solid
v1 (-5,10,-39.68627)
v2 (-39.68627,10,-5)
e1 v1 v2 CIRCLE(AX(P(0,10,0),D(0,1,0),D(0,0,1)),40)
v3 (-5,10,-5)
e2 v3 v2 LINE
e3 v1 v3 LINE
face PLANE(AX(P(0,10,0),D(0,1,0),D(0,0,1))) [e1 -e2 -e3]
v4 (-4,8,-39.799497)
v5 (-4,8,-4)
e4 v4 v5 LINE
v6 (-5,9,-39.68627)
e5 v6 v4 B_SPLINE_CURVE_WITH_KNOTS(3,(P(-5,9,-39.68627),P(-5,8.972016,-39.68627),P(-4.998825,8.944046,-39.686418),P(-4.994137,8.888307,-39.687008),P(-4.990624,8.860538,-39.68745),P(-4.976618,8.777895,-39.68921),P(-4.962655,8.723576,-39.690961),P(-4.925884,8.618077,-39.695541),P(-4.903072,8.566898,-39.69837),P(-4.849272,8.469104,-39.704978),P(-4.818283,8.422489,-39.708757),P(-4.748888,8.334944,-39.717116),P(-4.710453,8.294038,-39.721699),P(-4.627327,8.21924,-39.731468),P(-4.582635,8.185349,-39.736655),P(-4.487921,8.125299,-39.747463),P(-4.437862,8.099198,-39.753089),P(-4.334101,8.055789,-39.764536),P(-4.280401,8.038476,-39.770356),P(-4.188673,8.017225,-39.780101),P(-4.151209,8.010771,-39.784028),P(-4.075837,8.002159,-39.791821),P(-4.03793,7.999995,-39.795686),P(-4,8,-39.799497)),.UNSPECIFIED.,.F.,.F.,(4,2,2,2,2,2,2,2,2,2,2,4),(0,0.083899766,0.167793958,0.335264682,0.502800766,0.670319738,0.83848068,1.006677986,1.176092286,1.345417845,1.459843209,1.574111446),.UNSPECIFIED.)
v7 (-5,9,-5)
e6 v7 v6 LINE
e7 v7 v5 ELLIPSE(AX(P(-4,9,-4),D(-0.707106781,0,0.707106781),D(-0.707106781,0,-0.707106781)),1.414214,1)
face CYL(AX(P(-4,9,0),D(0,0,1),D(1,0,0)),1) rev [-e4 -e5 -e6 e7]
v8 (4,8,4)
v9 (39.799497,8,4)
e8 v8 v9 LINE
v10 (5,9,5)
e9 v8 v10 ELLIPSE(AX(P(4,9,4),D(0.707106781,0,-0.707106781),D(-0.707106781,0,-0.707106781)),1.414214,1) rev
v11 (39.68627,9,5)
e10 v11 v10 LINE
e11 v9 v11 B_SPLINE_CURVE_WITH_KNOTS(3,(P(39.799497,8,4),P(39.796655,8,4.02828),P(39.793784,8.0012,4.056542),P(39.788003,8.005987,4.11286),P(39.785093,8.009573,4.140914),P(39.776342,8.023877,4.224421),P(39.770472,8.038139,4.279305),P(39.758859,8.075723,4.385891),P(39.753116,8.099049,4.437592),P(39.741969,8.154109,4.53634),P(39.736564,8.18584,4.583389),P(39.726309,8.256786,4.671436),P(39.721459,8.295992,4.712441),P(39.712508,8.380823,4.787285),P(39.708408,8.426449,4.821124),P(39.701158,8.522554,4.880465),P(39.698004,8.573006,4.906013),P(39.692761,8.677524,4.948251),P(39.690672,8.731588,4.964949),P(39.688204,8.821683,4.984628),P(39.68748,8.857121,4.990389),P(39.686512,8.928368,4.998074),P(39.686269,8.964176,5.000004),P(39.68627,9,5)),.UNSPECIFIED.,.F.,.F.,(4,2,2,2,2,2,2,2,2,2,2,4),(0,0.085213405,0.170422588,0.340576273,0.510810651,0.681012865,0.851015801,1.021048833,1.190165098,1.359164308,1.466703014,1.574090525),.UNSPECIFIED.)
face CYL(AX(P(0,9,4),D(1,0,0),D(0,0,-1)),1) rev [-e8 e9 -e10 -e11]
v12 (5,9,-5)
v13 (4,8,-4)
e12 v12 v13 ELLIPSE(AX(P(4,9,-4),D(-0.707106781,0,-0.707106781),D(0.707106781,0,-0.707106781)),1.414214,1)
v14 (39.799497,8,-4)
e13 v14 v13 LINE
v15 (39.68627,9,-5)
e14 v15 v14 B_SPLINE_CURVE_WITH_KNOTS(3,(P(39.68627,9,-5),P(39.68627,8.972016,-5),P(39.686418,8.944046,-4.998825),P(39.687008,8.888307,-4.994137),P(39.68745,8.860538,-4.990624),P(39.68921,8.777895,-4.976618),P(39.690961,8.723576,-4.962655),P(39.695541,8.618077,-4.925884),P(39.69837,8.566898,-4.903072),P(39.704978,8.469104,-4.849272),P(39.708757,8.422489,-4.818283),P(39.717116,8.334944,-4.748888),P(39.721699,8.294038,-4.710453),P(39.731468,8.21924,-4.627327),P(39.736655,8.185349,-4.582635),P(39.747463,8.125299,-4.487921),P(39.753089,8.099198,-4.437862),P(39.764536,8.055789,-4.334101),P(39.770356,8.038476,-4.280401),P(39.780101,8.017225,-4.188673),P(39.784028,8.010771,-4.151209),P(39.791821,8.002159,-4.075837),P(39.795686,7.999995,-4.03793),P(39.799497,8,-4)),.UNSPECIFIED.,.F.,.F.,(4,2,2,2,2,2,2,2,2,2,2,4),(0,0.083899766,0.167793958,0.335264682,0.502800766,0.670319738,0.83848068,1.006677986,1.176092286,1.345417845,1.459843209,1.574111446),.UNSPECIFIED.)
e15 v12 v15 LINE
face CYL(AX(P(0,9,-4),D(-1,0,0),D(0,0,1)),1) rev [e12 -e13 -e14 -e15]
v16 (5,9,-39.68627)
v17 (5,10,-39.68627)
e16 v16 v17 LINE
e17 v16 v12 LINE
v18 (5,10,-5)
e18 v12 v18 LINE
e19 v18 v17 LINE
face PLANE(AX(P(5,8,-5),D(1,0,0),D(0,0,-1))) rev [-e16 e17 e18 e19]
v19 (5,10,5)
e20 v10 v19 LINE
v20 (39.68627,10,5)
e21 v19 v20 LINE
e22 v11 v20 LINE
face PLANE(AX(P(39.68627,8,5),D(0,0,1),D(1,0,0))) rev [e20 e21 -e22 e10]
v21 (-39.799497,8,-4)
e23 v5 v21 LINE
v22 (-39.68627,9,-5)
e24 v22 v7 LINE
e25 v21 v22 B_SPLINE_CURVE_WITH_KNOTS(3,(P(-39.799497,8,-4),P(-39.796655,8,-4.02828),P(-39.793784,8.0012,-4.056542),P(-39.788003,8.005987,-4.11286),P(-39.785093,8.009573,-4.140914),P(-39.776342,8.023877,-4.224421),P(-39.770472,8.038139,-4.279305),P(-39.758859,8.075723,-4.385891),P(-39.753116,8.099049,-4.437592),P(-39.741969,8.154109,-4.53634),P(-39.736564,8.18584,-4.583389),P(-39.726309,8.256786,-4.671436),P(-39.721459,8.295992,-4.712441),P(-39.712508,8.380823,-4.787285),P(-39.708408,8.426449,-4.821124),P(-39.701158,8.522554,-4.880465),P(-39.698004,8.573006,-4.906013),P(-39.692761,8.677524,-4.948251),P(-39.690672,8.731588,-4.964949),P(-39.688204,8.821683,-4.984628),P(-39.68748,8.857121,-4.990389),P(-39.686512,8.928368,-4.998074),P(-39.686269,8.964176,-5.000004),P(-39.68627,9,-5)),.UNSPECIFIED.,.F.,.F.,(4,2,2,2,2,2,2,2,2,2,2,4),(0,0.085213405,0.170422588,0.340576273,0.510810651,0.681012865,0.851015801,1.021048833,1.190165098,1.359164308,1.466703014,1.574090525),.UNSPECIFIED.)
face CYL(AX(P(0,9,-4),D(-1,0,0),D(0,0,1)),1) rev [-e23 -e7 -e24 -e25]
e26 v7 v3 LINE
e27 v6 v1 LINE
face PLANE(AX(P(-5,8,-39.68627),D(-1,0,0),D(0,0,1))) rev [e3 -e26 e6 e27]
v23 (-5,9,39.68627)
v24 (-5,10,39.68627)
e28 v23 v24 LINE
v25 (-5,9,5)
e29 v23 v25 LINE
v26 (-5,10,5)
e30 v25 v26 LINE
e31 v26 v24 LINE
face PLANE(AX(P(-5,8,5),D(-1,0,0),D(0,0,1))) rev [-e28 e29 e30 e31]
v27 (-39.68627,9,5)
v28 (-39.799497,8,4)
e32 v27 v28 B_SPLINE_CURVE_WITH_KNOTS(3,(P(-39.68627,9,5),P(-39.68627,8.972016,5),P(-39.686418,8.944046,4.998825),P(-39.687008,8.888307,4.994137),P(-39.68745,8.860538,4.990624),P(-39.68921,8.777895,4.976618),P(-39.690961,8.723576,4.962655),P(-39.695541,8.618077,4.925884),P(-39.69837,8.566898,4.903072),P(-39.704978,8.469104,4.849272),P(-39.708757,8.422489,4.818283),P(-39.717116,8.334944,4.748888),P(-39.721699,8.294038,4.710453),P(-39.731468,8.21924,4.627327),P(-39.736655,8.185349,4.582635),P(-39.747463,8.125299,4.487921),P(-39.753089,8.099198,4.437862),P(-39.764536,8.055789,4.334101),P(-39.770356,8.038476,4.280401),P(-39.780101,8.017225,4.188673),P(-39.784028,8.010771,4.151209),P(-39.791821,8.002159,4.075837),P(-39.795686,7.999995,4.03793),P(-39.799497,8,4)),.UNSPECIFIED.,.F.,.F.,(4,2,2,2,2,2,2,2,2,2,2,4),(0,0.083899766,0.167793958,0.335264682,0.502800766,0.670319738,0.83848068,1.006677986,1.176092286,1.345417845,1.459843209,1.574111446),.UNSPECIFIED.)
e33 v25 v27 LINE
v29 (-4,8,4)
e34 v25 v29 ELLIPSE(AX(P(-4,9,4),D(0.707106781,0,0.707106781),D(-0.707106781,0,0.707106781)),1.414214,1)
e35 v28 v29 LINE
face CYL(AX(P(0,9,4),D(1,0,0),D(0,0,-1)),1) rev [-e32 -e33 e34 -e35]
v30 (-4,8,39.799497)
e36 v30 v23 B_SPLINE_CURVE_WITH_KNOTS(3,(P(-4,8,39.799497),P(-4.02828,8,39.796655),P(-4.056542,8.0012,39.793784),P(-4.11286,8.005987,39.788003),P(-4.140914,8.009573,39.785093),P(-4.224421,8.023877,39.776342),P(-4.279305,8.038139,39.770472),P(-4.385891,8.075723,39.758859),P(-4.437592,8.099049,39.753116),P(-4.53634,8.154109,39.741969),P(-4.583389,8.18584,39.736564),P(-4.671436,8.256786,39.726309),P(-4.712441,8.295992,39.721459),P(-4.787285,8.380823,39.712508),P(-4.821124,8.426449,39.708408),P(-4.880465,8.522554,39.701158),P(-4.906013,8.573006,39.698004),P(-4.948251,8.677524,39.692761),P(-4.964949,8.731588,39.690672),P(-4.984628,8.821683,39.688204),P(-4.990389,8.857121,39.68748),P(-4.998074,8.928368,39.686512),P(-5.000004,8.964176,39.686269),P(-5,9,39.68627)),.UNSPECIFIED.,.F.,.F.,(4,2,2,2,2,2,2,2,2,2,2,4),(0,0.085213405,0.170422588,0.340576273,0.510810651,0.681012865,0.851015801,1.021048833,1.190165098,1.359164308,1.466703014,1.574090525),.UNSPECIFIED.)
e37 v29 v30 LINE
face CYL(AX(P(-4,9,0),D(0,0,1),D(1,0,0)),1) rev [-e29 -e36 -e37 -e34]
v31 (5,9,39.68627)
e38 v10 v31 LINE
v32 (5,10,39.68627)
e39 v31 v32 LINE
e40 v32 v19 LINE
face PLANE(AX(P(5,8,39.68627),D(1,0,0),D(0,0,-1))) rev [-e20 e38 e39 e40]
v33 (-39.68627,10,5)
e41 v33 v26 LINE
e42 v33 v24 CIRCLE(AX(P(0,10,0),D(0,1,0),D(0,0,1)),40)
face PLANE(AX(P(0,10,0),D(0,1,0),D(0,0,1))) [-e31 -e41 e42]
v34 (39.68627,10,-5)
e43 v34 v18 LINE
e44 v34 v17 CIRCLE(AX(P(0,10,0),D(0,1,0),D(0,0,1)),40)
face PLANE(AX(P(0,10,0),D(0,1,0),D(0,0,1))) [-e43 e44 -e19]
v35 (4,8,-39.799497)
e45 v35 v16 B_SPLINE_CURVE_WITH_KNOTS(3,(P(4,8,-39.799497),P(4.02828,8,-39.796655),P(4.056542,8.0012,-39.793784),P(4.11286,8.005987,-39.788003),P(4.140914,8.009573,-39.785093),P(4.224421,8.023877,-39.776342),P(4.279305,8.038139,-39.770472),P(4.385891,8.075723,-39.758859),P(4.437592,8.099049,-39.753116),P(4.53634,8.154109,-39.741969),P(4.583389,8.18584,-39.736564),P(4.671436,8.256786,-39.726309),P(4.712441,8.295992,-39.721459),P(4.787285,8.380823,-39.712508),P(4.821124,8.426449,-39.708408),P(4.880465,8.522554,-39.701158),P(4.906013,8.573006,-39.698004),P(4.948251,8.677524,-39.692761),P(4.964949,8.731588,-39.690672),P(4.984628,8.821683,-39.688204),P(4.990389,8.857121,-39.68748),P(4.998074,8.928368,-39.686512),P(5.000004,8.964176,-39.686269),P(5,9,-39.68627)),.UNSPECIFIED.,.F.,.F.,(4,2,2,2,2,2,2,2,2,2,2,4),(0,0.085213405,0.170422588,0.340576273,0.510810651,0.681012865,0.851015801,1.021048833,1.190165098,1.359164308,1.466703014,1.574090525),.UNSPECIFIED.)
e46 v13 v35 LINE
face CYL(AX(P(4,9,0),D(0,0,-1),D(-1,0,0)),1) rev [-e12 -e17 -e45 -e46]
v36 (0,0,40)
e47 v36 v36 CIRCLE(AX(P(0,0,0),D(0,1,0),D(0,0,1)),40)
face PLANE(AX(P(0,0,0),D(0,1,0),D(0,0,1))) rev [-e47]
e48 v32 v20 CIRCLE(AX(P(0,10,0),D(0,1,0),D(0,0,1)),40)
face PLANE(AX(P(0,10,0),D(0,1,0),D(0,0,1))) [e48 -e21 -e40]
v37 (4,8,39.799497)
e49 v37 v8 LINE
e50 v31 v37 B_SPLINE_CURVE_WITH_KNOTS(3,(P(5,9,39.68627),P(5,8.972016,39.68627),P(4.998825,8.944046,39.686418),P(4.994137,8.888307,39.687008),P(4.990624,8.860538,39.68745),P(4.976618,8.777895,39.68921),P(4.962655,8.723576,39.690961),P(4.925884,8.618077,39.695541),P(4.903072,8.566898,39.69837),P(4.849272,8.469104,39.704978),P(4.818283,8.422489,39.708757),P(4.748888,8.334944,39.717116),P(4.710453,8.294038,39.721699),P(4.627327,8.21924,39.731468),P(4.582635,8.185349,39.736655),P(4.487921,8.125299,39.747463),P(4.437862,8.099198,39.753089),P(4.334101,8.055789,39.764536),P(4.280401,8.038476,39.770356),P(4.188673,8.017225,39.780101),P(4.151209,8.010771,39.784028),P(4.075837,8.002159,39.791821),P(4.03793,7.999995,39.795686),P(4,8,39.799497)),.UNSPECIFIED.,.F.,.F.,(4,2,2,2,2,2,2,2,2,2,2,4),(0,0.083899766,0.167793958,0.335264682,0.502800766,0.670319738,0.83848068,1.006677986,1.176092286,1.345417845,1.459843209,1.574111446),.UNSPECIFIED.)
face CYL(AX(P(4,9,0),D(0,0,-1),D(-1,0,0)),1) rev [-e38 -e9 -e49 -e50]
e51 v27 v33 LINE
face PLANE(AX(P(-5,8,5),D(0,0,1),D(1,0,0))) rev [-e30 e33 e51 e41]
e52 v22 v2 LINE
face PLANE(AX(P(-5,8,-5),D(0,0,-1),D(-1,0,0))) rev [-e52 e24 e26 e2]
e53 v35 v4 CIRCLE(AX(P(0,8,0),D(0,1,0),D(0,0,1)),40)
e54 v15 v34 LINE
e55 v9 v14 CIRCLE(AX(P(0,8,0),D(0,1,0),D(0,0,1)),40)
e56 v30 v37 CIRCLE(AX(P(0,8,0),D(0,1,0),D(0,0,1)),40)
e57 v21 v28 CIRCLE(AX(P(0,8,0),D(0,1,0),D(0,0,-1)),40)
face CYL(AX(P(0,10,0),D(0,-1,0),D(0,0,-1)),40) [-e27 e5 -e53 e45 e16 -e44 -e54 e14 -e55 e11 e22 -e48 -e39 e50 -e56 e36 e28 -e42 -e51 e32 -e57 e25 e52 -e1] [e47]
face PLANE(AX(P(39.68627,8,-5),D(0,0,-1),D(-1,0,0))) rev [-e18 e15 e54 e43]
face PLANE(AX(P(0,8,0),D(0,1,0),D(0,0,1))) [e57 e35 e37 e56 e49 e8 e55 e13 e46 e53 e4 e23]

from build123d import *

# Parameters (mm, degrees)
SKETCH1_R           = 40
BOSS_EXTRUDE1_DEPTH = 10
CUT_EXTRUDE2_DEPTH  = 2
FILLET1_R           = 1


with BuildPart() as part:
    # Sketch1 → Boss-Extrude1 (new body)
    with BuildSketch(Plane(origin=(0, 0, 0), x_dir=(1, 0, 0), z_dir=(0, 1, 0))):
        Circle(SKETCH1_R)
    extrude(amount=BOSS_EXTRUDE1_DEPTH)

    # Sketch7 → Cut-Extrude2 (cut)
    with BuildSketch(Plane(origin=(0, 10, 0), x_dir=(1, 0, 0), z_dir=(0, 1, 0))):
        with BuildLine():
            Line((-5, 39.686269666), (-5, 5))
            Line((-5, 5), (-39.686269666, 5))
            ThreePointArc((-39.686269666, 5), (-40, 0), (-39.686269666, -5))
            Line((-39.686269666, -5), (-5, -5))
            Line((-5, -5), (-5, -39.686269666))
            ThreePointArc((-5, -39.686269666), (0, -40), (5, -39.686269666))
            Line((5, -39.686269666), (5, -5))
            Line((5, -5), (39.686269666, -5))
            ThreePointArc((39.686269666, -5), (40, 0), (39.686269666, 5))
            Line((39.686269666, 5), (5, 5))
            Line((5, 5), (5, 39.686269666))
            ThreePointArc((5, 39.686269666), (0, 40), (-5, 39.686269666))
        make_face()
    extrude(amount=-CUT_EXTRUDE2_DEPTH, mode=Mode.SUBTRACT)

    # Fillet1
    fillet1_edges = [part.edges().sort_by_distance(p)[0] for p in [
        (5, 8, -22.343134833),
        (22.343134833, 8, -5),
        (22.343134833, 8, 5),
        (5, 8, 22.343134833),
        (-5, 8, 22.343134833),
        (-22.343134833, 8, 5),
        (-22.343134833, 8, -5),
        (-5, 8, -22.343134833),
    ]]
    fillet(fillet1_edges, radius=FILLET1_R)


solid = part.part
